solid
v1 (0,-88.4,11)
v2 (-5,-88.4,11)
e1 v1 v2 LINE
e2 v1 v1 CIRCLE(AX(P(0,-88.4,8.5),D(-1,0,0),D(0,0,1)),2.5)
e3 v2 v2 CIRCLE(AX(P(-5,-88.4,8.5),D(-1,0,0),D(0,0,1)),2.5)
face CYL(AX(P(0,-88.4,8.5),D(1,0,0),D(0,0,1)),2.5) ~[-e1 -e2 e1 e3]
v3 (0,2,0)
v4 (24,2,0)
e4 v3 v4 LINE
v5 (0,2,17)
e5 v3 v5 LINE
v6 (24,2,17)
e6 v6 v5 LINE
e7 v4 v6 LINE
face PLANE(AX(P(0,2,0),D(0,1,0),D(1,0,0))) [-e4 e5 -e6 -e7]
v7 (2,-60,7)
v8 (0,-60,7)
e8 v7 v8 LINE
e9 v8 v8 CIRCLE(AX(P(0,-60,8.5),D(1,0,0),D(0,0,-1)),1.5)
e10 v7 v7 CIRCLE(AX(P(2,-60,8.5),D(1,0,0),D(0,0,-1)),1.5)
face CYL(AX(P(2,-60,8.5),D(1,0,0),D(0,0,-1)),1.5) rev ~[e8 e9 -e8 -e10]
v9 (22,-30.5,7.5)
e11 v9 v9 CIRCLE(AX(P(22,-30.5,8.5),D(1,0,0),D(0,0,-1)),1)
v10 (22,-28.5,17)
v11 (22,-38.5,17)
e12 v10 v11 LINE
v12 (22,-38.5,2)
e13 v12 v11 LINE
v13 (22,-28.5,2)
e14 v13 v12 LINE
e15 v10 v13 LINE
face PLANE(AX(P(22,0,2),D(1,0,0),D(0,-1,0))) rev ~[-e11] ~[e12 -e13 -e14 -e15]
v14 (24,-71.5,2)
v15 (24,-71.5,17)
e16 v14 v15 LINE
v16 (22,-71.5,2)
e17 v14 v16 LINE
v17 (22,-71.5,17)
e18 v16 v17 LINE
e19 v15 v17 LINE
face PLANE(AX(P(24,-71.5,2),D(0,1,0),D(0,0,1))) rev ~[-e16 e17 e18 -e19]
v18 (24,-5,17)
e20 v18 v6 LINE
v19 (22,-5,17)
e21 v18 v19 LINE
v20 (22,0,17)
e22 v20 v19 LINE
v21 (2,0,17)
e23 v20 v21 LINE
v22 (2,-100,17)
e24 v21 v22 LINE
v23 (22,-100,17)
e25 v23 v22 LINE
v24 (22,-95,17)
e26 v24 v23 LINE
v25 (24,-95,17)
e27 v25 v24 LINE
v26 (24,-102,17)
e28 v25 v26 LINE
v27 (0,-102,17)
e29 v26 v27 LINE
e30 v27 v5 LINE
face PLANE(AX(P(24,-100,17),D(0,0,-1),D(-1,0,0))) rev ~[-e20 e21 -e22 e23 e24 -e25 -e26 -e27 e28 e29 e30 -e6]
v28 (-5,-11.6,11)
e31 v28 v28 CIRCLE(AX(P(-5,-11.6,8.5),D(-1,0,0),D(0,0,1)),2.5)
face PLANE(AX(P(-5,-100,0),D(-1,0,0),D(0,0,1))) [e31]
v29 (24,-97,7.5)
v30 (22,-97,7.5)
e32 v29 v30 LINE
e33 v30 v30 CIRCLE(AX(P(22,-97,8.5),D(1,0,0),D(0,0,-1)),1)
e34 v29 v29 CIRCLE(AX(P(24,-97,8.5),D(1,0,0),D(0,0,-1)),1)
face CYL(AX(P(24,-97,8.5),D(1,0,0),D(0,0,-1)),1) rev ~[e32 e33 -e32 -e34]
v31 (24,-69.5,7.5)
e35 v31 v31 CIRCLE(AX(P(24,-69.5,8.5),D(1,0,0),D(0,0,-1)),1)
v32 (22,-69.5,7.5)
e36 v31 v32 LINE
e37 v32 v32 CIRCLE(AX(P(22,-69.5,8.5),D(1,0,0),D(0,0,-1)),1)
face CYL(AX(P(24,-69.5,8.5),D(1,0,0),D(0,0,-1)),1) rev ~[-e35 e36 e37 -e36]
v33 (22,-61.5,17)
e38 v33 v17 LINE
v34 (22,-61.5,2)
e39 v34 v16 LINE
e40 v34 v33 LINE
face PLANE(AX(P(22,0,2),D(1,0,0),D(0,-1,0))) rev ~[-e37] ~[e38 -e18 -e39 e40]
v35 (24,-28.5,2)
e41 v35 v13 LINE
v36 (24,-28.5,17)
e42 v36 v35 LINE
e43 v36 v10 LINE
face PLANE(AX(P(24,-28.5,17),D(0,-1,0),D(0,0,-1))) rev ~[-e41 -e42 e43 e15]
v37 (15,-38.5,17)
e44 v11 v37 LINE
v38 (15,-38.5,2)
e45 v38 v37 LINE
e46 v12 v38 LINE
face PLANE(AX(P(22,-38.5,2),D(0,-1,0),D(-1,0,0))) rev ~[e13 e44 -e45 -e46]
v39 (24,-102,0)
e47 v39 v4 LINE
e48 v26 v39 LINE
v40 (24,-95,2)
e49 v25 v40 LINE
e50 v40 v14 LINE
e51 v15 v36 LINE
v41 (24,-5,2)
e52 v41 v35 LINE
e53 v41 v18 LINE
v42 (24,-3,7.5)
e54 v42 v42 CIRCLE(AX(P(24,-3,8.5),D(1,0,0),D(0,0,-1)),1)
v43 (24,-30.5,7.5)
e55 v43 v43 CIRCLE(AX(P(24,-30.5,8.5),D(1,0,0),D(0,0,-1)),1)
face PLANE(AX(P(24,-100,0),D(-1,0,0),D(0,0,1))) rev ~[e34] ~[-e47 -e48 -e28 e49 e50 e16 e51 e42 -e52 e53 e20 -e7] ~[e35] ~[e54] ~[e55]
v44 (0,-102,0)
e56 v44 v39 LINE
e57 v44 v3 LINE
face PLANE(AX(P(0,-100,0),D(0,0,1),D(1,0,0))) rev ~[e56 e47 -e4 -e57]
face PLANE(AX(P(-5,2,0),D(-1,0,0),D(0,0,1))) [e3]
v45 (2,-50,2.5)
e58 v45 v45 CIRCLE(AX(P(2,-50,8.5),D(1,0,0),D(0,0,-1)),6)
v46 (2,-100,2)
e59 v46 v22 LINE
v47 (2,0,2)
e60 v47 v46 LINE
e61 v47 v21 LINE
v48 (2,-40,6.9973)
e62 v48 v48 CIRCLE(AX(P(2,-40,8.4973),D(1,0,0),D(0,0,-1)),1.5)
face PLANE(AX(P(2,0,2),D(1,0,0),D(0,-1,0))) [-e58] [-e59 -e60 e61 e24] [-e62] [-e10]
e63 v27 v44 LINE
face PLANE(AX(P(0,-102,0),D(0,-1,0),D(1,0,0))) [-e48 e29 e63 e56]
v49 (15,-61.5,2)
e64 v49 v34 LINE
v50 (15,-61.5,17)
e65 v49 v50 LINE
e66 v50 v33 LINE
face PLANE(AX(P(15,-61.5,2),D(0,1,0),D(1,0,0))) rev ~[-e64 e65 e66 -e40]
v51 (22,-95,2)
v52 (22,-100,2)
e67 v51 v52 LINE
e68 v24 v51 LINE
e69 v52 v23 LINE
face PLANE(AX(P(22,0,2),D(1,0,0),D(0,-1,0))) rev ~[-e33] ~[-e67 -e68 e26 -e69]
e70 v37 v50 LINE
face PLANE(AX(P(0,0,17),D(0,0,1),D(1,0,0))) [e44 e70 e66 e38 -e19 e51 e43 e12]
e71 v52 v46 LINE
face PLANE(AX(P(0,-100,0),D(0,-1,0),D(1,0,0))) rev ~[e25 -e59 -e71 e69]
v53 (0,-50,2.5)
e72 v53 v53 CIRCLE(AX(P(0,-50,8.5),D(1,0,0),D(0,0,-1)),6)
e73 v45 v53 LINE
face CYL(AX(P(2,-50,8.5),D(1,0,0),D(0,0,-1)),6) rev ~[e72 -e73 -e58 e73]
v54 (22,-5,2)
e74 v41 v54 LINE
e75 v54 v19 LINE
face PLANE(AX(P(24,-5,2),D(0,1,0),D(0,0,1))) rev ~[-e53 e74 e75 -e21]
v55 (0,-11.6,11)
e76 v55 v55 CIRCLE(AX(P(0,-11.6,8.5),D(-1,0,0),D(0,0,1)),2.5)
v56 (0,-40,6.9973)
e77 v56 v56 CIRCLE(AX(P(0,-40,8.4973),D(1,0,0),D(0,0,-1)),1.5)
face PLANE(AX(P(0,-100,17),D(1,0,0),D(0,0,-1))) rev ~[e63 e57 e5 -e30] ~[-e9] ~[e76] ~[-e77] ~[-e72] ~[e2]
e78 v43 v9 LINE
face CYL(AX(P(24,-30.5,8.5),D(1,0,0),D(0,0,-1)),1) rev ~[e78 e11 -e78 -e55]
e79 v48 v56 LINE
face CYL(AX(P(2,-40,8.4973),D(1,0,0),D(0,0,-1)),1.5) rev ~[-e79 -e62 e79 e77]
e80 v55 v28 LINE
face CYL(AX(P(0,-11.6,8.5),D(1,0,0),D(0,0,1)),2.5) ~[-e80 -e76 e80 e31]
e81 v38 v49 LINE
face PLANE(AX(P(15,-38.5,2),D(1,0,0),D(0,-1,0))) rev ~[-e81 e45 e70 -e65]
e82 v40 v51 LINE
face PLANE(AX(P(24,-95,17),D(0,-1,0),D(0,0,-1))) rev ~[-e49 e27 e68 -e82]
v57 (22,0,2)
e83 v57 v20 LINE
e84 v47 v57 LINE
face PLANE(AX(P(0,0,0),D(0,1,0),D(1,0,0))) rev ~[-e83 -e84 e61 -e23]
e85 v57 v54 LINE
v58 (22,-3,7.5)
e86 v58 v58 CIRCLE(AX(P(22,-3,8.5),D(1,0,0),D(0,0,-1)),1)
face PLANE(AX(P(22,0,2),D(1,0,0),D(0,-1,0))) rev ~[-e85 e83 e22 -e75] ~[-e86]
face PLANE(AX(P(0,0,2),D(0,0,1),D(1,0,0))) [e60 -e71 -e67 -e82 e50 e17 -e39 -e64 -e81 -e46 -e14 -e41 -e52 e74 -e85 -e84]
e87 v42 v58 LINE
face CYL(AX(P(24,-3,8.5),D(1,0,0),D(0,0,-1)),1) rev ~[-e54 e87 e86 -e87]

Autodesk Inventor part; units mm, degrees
ref_plane "YZ Plane" through (0, 0, 0) normal (1, 0, 0) x (0, 1, 0)
ref_plane "XZ Plane" through (0, 0, 0) normal (0, 1, 0) x (-1, 0, 0)
ref_plane "XY Plane" through (0, 0, 0) normal (0, 0, 1) x (1, 0, 0)
sketch "Sketch1" plane through (0, 0, 0) normal (0, 0, 1) x (1, 0, 0)
  line L0 (0, 0) -> (24, 0)
  line L1 (24, 0) -> (24, -100)
  line L2 (24, -100) -> (0, -100)
  line L3 (0, -100) -> (0, 0)
  dimension "d0" = 24
  dimension "d1" = 100
extrude "Extrusion1" add sketch "Sketch1" along normal blind 2
sketch "Sketch2" plane through (0, 0, 2) normal (0, 0, 1) x (1, 0, 0)
  line L0 (0, -100) -> (24, -100) projected
  line L1 (0, 0) -> (2, 0)
  line L2 (2, 0) -> (2, -100)
  line L3 (2, -100) -> (0, -100)
  line L4 (0, -100) -> (0, 0)
  line L5 (24, -100) -> (24, 0) projected
  line L6 (24, 0) -> (22, 0)
  line L7 (22, 0) -> (22, -100)
  line L8 (22, -100) -> (24, -100)
  line L9 (24, -100) -> (24, 0)
  dimension "d4" = 2
  dimension "d5" = 2
extrude "Extrusion2" add sketch "Sketch2" along normal blind 15
sketch "Sketch3" plane through (24, -100, 0) normal (1, 0, 0) x (0, 0, -1)
  circle A0 centre (-8.5, 97) radius 1
  circle A1 centre (-8.5, 69.5) radius 1
  line L0 (-17, 0) -> (-17, 100) projected
  line L1 (0, 100) -> (-17, 100) projected
  dimension "d8" = 2
  dimension "d9" = 2
  dimension "d10" = 8.5
  dimension "d11" = 8.5
  dimension "d12" = 27.5
  dimension "d13" = 3
extrude "Extrusion3" cut sketch "Sketch3" against normal up to surface (2 mm away)
sketch "Sketch4" plane through (24, -100, 0) normal (1, 0, 0) x (0, 0, -1)
  line L0 (-17, 100) -> (-17, 0) projected
  line L1 (-2, 95) -> (-2, 71.5)
  circle A0 centre (-8.5, 97) radius 1 projected
  circle A1 centre (-8.5, 69.5) radius 1 projected
  line L2 (0, 0) -> (0, 100) projected
  line L3 (-2, 95) -> (-17, 95)
  line L4 (-17, 95) -> (-17, 71.5)
  line L5 (-17, 71.5) -> (-2, 71.5)
  point P0 (-17, 95)
  dimension "d24" = 23.5
  dimension "d104" = 15
  dimension "d105" = 2
  dimension "d106" = 2
extrude "Extrusion4" cut sketch "Sketch4" against normal up to surface (2 mm away) contours L3 L1 L5 L0
sketch "Sketch5" plane through (0, -100, 0) normal (-1, 0, 0) x (0, 0, 1)
  circle A0 centre (8.5, 88.4) radius 2.5
  circle A1 centre (8.5, 97) radius 1 projected
  point P0 (0, 100)
  dimension "d29" = 5
  dimension "d32" = 8.6
  dimension "d33" = 0
extrude "Extrusion5" add sketch "Sketch5" along normal blind 5 contours A0
sketch "Sketch15" plane through (0, 0, 0) normal (0, 1, 0) x (1, 0, 0)
  line L0 (22, -17) -> (24, -17) projected
  line L1 (0, 0) -> (0, -17) projected
  line L2 (24, -17) -> (0, -17)
  line L3 (0, -17) -> (0, 0)
  line L4 (0, 0) -> (24, 0)
  line L5 (24, 0) -> (24, -17)
extrude "Extrusion12" add sketch "Sketch15" along normal blind 2
sketch "Sketch16" plane through (24, -100, 17) normal (1, 0, 0) x (0, 0, -1)
  line L0 (0, 100) -> (0, 0) projected
  line L1 (0, 5) -> (15, 5)
  line L2 (15, 5) -> (15, 28.5)
  line L3 (15, 28.5) -> (0, 28.5)
  line L4 (0, 28.5) -> (0, 5)
  line L5 (17, 0) -> (0, 0) projected
  circle A0 centre (8.5, 3) radius 1
  circle A1 centre (8.5, 30.5) radius 1
  point P0 (17, 100)
  point P1 (0, 71.5)
  point P2 (7.5, 5)
  point P3 (7.5, 28.5)
  point P4 (0, 28.5)
  dimension "d84" = 15
  dimension "d85" = 23.5
  dimension "d86" = 5
  dimension "d87" = 2
  dimension "d88" = 2
  dimension "d89" = 8.5
  dimension "d90" = 8.5
  dimension "d91" = 2
  dimension "d92" = 2
extrude "Extrusion13" cut sketch "Sketch16" against normal up to surface (2 mm away)
sketch "Sketch17" plane through (0, -100, 0) normal (0, -1, 0) x (1, 0, 0)
  line L0 (24, 4) -> (24, 17) projected
  line L1 (24, 17) -> (0, 17)
  line L2 (0, 17) -> (0, 0)
  line L3 (0, 0) -> (24, 0)
  line L4 (24, 0) -> (24, 17)
  point P0 (24, 2)
extrude "Extrusion14" add sketch "Sketch17" along normal blind 2
sketch "Sketch18" plane through (0, 2, 0) normal (-1, 0, 0) x (0, 0, 1)
  circle A0 centre (8.5, -90.4) radius 2.5
  line L0 (17, -104) -> (0, -104) projected
  line L1 (17, -104) -> (17, 0) projected
  point P0 (0, -2)
  dimension "d97" = 5
  dimension "d98" = 13.6
  dimension "d99" = 8.5
extrude "Extrusion15" add sketch "Sketch18" along normal blind 5
ref_plane "Plano de trabalho3" through (2, -44.5, 2) normal (1, 0, 0) x (0, 0, -1)
sketch "Sketch21" plane through (2, -44.5, 2) normal (1, 0, 0) x (0, 0, -1)
  circle A0 centre (-6.5, -5.5) radius 6
  line L0 (0, 9) -> (-15, 9) projected
  line L1 (-15, -35.5) -> (-15, 44.5) projected
  circle A1 centre (-6.4973, 4.5) radius 1.5
  circle A2 centre (-6.5, -15.5) radius 1.5
  line L2 (0, 44.5) -> (-15, 44.5) projected
  point P0 (2, 44.5)
  point P1 (-15, 0)
  point P2 (-15, 46.5)
  dimension "d122" = 12
  dimension "d124" = 8.5
  dimension "d129" = 3
  dimension "d130" = 3
  dimension "d131" = 10
  dimension "d132" = 10
  dimension "d134" = 50
extrude "Extrusion18" cut sketch "Sketch21" against normal up to surface (2 mm away)
sketch "Esboço22" plane through (0, 0, 2) normal (0, 0, 1) x (1, 0, 0)
  line L0 (22, -71.5) -> (22, -28.5) projected
  line L1 (22, -38.5) -> (15, -38.5)
  line L2 (15, -38.5) -> (15, -61.5)
  line L3 (15, -61.5) -> (22, -61.5)
  line L4 (22, -61.5) -> (22, -38.5)
  line L5 (24, -28.5) -> (22, -28.5) projected
  line L6 (22, -71.5) -> (24, -71.5) projected
  point P0 (0, 0)
  dimension "d142" = 7
  dimension "d143" = 10
  dimension "d144" = 10
extrude "Extrusão19" add sketch "Esboço22" along normal up to surface (15 mm away)
equation "\"d11\" = d10"
equation "\"d90\" = d89"
properties part number "corpo"
